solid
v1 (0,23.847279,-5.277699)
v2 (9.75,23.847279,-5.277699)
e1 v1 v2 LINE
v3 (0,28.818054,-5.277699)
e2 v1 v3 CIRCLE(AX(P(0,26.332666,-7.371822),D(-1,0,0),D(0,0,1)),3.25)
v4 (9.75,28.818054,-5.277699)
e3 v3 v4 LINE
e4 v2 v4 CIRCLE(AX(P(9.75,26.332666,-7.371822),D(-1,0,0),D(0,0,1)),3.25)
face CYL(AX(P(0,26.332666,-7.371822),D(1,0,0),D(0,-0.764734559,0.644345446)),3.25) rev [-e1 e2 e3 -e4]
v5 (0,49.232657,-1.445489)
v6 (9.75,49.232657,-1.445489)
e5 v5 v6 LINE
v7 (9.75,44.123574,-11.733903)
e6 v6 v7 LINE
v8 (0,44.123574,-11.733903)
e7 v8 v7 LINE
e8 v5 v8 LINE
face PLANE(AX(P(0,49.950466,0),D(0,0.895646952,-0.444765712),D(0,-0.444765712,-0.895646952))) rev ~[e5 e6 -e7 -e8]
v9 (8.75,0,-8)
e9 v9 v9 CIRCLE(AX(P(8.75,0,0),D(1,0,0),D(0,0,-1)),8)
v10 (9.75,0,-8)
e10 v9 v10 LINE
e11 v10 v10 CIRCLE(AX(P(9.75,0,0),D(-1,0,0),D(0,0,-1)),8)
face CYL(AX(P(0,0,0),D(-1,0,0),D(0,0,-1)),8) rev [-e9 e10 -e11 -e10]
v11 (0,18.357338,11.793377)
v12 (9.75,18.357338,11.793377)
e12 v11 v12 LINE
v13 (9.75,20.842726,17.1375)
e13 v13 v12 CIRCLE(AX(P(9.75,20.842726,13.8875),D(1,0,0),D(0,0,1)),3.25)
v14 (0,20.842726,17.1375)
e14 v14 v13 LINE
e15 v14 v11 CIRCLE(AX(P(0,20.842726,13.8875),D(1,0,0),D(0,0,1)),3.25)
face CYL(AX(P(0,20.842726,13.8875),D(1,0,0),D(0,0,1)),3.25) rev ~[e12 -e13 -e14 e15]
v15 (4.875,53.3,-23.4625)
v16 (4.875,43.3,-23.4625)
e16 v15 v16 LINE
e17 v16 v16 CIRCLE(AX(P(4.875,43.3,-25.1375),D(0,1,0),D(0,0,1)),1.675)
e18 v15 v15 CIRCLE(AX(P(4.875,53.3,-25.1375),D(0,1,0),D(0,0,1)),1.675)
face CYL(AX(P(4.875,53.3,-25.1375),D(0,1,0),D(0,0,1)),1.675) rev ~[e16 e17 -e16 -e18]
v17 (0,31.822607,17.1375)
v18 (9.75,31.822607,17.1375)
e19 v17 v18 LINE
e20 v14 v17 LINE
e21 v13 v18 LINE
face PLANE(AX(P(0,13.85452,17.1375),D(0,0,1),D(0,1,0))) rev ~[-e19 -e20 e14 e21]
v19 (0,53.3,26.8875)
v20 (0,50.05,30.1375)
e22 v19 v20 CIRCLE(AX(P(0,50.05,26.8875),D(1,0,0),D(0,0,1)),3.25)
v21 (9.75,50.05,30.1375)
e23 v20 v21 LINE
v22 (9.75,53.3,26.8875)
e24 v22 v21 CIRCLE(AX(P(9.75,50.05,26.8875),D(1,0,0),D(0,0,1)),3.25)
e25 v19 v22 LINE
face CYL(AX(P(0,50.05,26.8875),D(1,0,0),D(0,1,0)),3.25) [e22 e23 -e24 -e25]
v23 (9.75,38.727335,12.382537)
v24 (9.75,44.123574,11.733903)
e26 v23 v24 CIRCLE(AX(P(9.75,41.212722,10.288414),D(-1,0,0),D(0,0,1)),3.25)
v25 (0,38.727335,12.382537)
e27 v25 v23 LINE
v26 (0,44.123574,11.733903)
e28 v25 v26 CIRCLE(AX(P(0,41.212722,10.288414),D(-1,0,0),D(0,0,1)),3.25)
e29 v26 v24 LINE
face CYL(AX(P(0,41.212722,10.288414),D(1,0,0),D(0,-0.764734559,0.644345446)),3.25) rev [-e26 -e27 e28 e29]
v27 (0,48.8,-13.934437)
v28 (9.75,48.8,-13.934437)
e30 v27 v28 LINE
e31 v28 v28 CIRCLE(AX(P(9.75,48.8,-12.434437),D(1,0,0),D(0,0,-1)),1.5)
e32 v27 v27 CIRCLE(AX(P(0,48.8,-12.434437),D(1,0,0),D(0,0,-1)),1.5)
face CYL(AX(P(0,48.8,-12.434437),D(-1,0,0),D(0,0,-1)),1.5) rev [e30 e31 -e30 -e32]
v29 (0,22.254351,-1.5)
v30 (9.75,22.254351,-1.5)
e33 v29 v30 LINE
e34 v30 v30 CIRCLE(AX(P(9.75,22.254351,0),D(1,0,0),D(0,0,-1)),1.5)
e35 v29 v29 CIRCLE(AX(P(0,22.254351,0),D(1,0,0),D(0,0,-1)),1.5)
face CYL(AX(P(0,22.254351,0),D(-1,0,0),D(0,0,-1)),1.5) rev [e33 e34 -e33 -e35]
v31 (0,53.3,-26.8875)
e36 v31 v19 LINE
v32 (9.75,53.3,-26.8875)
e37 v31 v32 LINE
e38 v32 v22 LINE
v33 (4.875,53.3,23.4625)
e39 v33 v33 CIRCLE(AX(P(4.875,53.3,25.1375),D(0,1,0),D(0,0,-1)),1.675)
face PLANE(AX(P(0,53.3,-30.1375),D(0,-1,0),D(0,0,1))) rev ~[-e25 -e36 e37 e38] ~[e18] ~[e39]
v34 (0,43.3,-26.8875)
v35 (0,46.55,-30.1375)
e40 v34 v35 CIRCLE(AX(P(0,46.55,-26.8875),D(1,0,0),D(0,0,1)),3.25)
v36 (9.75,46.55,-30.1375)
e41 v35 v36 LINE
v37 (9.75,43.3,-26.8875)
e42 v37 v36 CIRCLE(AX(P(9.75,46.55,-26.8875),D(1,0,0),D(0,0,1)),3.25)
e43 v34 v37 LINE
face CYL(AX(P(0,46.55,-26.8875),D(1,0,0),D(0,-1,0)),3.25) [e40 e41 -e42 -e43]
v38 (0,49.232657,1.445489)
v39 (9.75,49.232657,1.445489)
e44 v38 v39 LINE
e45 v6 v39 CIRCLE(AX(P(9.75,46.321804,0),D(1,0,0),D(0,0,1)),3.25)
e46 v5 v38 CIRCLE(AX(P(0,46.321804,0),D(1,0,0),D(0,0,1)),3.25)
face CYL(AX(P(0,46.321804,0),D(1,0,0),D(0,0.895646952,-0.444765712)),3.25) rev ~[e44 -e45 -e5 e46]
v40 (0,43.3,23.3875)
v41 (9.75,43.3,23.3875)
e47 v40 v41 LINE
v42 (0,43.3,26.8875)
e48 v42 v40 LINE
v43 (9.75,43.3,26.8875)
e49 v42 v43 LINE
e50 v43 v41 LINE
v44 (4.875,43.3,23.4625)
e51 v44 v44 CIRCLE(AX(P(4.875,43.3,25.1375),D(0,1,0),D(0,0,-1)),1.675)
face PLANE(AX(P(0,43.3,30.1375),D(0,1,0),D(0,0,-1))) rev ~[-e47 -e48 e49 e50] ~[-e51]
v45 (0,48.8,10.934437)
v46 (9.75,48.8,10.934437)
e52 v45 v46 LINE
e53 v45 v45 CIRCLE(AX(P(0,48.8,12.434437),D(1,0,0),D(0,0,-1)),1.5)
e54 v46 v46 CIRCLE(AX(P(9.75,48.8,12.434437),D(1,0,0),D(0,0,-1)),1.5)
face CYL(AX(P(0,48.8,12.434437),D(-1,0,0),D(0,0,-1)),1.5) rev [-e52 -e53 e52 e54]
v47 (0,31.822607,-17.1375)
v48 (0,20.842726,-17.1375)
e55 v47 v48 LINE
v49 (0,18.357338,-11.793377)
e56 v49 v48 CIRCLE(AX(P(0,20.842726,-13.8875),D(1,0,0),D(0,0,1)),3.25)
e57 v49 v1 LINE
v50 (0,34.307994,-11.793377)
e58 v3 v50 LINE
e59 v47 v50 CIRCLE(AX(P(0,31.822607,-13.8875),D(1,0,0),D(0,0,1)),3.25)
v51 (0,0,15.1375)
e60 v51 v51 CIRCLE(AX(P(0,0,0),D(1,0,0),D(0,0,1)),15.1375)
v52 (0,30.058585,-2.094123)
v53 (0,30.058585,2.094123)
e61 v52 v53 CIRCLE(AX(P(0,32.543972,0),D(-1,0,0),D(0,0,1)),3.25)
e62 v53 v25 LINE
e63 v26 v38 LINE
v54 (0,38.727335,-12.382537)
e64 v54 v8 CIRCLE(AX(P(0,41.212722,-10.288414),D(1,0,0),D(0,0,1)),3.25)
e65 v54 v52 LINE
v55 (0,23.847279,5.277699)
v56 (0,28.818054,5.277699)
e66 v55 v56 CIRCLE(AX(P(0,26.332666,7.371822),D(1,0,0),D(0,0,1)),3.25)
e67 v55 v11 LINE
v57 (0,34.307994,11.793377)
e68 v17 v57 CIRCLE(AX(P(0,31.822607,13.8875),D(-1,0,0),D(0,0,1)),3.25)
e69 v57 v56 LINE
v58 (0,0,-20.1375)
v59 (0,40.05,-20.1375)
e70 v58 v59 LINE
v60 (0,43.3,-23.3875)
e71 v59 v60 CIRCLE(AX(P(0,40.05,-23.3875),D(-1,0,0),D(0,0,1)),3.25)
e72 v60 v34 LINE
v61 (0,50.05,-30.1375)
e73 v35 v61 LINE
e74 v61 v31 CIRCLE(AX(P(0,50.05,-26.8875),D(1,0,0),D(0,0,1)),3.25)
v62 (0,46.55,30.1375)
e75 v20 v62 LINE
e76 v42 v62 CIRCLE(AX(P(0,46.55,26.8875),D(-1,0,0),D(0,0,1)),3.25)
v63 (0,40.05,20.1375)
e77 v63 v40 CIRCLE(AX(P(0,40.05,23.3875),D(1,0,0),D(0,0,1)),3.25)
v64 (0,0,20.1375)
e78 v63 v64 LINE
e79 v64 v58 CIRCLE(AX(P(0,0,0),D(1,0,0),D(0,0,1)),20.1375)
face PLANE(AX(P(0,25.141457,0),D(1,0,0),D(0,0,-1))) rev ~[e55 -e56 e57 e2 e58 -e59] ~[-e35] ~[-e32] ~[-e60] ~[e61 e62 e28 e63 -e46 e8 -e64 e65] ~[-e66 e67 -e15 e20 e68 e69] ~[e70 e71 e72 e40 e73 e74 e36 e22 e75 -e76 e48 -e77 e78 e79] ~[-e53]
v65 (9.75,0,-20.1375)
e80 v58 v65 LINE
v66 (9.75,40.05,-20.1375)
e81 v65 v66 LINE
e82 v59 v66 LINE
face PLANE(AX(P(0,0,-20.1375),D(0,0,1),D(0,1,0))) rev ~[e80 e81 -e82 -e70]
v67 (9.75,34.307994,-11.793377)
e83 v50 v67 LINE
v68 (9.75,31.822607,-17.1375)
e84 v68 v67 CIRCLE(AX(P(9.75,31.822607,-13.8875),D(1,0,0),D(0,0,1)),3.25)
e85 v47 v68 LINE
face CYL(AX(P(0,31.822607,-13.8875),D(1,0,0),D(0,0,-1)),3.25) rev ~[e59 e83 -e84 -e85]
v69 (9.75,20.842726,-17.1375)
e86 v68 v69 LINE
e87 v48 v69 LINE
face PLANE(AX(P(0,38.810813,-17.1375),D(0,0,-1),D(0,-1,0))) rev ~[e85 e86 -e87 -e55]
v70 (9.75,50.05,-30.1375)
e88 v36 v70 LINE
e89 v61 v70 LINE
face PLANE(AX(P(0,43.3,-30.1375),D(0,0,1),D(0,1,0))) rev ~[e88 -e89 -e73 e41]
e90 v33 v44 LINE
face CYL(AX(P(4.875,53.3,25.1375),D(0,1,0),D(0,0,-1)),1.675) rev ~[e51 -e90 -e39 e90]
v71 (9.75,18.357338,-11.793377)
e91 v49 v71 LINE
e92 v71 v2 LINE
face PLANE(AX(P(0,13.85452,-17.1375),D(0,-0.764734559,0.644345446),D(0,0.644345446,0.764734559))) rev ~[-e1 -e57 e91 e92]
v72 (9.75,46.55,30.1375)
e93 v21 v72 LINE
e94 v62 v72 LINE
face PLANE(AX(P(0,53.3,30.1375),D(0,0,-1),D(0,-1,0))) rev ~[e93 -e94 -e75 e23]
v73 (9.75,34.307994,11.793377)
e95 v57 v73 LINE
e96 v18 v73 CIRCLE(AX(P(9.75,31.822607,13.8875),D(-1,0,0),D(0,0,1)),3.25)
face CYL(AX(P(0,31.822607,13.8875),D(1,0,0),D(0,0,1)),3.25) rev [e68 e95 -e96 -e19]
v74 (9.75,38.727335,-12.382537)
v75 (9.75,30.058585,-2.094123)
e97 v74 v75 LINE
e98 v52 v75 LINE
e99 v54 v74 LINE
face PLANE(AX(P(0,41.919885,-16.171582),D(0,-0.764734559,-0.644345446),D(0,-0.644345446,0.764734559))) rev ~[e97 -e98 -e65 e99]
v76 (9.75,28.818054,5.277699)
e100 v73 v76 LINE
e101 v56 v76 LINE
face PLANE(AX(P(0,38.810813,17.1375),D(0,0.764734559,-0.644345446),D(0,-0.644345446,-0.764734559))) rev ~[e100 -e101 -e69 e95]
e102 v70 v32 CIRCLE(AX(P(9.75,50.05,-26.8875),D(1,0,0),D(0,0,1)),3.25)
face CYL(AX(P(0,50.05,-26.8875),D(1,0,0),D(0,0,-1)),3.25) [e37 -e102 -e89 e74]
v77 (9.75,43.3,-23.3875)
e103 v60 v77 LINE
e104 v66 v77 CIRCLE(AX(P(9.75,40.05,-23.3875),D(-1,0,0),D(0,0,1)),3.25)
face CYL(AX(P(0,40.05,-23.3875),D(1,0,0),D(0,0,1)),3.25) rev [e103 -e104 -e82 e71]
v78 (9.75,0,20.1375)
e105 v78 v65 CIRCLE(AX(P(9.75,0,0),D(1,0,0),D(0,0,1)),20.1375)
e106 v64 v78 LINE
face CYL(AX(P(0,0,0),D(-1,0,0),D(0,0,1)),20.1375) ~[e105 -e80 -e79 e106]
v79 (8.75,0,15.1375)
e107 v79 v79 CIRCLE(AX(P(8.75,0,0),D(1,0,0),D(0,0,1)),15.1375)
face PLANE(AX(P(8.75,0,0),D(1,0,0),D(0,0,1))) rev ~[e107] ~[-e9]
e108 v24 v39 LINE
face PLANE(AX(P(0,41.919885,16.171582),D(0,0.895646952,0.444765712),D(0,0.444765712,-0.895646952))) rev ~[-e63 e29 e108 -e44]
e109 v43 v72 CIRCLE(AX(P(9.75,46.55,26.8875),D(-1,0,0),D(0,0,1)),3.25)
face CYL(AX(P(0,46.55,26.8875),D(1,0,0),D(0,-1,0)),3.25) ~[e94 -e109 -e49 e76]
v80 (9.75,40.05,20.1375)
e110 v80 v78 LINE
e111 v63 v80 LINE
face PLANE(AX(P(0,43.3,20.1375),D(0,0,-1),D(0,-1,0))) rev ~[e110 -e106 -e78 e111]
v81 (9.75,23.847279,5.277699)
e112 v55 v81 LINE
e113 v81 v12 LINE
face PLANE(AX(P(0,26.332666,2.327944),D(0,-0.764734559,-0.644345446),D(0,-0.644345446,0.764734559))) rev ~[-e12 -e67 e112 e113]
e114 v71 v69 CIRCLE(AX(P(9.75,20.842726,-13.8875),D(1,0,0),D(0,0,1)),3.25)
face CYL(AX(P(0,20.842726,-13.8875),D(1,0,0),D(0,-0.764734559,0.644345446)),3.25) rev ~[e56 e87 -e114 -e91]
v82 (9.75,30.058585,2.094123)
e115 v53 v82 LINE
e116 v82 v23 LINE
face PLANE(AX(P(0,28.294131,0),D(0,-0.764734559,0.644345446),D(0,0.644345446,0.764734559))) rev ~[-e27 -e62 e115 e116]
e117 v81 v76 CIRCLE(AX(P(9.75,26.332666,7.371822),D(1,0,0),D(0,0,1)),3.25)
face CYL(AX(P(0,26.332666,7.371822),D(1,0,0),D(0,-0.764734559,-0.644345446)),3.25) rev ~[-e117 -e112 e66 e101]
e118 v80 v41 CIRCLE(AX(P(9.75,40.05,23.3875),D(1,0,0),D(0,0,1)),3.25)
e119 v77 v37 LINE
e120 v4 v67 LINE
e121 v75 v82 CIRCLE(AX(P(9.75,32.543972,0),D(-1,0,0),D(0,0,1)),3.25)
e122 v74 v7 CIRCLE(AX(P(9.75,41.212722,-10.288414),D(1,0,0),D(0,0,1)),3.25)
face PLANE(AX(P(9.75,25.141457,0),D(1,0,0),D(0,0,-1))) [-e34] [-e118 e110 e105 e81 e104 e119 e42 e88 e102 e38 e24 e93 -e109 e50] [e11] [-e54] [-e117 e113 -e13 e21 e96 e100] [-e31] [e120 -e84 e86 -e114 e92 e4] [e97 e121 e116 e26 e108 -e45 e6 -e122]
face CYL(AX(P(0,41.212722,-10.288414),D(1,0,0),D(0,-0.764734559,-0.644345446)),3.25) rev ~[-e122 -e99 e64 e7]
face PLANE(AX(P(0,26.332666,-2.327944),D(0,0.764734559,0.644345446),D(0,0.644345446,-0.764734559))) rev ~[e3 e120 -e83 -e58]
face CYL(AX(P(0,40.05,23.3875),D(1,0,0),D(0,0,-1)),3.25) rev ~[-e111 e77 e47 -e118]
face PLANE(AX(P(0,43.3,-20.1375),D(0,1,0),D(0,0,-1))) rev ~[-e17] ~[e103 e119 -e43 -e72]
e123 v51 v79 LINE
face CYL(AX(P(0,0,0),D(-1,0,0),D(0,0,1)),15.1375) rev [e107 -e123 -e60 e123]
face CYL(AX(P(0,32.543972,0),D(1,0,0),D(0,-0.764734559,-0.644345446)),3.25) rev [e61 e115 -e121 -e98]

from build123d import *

# Parameters (mm, degrees)
SKETCH1_R           = 1.5
BOSS_EXTRUDE1_DEPTH = 9.75
SKETCH3_R           = 1.675
CUT_EXTRUDE1_DEPTH  = 10
CUT_EXTRUDE2_REACH  = 64.002
SKETCH1_4_R         = 8
FILLET1_R           = 3.25
SKETCH1_5_R         = 15.1375
SKETCH1_5_R_2       = 8
CUT_EXTRUDE3_DEPTH  = 8.75


with BuildPart() as part:
    # Sketch1 → Boss-Extrude1 (new body)
    with BuildSketch(Plane(origin=(0, 0, 0), x_dir=(0, 0, -1), z_dir=(1, 0, 0))):
        with BuildLine():
            Line((20.1375, 0), (20.1375, 43.3))
            Line((20.1375, 43.3), (30.1375, 43.3))
            Line((30.1375, 43.3), (30.1375, 53.3))
            Line((30.1375, 53.3), (-30.1375, 53.3))
            Line((-30.1375, 53.3), (-30.1375, 43.3))
            Line((-30.1375, 43.3), (-20.1375, 43.3))
            Line((-20.1375, 43.3), (-20.1375, 0))
            ThreePointArc((-20.1375, 0), (0, -20.1375), (20.1375, 0))
        make_face()
        Polygon((-17.1375, 38.810813136), (-2.327943822, 26.332666354), (-17.1375, 13.854519572), align=None, mode=Mode.SUBTRACT)
        with Locations((-12.43443714, 48.8)):
            Circle(SKETCH1_R, mode=Mode.SUBTRACT)
        with Locations((0, 22.254350724)):
            Circle(SKETCH1_R, mode=Mode.SUBTRACT)
        Polygon((2.327943822, 26.332666354), (17.1375, 38.810813136), (17.1375, 13.854519572), align=None, mode=Mode.SUBTRACT)
        Polygon((0, 28.294131259), (-16.171581688, 41.919885304), (0, 49.950465907), (16.171581688, 41.919885304), align=None, mode=Mode.SUBTRACT)
        with Locations((12.43443714, 48.8)):
            Circle(SKETCH1_R, mode=Mode.SUBTRACT)
    extrude(amount=BOSS_EXTRUDE1_DEPTH)

    # Sketch3 → Cut-Extrude1 (cut)
    with BuildSketch(Plane(origin=(0, 53.3, 0), x_dir=(1, 0, 0), z_dir=(0, 1, 0))):
        with Locations(Location((4.875, 25.1375, 0), (0, 0, 270))):
            Circle(SKETCH3_R)
        with Locations(Location((4.875, -25.1375, 0), (0, 0, 90))):
            Circle(SKETCH3_R)
    extrude(amount=-CUT_EXTRUDE1_DEPTH, mode=Mode.SUBTRACT)

    # Sketch1<4> → Cut-Extrude2 (cut, up to next)
    with BuildSketch(Plane(origin=(0, 0, 0), x_dir=(0, 0, -1), z_dir=(1, 0, 0)), mode=Mode.PRIVATE) as cut_extrude2_sk1:
        Circle(SKETCH1_4_R)
    cut_extrude2_tool1 = extrude(cut_extrude2_sk1.sketch, amount=CUT_EXTRUDE2_REACH, mode=Mode.PRIVATE) & part.part
    add(cut_extrude2_tool1.solids().sort_by_distance((0, 0, 0))[0], mode=Mode.SUBTRACT)

    # Fillet1
    fillet1_edges = [part.edges().sort_by_distance(p)[0] for p in [
        (4.875, 41.919885304, -16.171581688),
        (4.875, 49.950465907, 0),
        (4.875, 41.919885304, 16.171581688),
        (4.875, 28.294131259, 0),
        (4.875, 38.810813136, 17.1375),
        (4.875, 13.854519572, 17.1375),
        (4.875, 26.332666354, 2.327943822),
        (4.875, 53.3, -30.1375),
        (4.875, 43.3, -30.1375),
        (4.875, 43.3, -20.1375),
        (4.875, 43.3, 20.1375),
        (4.875, 43.3, 30.1375),
        (4.875, 53.3, 30.1375),
        (4.875, 13.854519572, -17.1375),
        (4.875, 38.810813136, -17.1375),
        (4.875, 26.332666354, -2.327943822),
    ]]
    fillet(fillet1_edges, radius=FILLET1_R)

    # Sketch1<5> → Cut-Extrude3 (cut)
    with BuildSketch(Plane(origin=(0, 0, 0), x_dir=(0, 0, -1), z_dir=(1, 0, 0))):
        with Locations(Location((0, 0, 0), (0, 0, 180))):
            Circle(SKETCH1_5_R)
        Circle(SKETCH1_5_R_2, mode=Mode.SUBTRACT)
    extrude(amount=CUT_EXTRUDE3_DEPTH, mode=Mode.SUBTRACT)


solid = part.part
